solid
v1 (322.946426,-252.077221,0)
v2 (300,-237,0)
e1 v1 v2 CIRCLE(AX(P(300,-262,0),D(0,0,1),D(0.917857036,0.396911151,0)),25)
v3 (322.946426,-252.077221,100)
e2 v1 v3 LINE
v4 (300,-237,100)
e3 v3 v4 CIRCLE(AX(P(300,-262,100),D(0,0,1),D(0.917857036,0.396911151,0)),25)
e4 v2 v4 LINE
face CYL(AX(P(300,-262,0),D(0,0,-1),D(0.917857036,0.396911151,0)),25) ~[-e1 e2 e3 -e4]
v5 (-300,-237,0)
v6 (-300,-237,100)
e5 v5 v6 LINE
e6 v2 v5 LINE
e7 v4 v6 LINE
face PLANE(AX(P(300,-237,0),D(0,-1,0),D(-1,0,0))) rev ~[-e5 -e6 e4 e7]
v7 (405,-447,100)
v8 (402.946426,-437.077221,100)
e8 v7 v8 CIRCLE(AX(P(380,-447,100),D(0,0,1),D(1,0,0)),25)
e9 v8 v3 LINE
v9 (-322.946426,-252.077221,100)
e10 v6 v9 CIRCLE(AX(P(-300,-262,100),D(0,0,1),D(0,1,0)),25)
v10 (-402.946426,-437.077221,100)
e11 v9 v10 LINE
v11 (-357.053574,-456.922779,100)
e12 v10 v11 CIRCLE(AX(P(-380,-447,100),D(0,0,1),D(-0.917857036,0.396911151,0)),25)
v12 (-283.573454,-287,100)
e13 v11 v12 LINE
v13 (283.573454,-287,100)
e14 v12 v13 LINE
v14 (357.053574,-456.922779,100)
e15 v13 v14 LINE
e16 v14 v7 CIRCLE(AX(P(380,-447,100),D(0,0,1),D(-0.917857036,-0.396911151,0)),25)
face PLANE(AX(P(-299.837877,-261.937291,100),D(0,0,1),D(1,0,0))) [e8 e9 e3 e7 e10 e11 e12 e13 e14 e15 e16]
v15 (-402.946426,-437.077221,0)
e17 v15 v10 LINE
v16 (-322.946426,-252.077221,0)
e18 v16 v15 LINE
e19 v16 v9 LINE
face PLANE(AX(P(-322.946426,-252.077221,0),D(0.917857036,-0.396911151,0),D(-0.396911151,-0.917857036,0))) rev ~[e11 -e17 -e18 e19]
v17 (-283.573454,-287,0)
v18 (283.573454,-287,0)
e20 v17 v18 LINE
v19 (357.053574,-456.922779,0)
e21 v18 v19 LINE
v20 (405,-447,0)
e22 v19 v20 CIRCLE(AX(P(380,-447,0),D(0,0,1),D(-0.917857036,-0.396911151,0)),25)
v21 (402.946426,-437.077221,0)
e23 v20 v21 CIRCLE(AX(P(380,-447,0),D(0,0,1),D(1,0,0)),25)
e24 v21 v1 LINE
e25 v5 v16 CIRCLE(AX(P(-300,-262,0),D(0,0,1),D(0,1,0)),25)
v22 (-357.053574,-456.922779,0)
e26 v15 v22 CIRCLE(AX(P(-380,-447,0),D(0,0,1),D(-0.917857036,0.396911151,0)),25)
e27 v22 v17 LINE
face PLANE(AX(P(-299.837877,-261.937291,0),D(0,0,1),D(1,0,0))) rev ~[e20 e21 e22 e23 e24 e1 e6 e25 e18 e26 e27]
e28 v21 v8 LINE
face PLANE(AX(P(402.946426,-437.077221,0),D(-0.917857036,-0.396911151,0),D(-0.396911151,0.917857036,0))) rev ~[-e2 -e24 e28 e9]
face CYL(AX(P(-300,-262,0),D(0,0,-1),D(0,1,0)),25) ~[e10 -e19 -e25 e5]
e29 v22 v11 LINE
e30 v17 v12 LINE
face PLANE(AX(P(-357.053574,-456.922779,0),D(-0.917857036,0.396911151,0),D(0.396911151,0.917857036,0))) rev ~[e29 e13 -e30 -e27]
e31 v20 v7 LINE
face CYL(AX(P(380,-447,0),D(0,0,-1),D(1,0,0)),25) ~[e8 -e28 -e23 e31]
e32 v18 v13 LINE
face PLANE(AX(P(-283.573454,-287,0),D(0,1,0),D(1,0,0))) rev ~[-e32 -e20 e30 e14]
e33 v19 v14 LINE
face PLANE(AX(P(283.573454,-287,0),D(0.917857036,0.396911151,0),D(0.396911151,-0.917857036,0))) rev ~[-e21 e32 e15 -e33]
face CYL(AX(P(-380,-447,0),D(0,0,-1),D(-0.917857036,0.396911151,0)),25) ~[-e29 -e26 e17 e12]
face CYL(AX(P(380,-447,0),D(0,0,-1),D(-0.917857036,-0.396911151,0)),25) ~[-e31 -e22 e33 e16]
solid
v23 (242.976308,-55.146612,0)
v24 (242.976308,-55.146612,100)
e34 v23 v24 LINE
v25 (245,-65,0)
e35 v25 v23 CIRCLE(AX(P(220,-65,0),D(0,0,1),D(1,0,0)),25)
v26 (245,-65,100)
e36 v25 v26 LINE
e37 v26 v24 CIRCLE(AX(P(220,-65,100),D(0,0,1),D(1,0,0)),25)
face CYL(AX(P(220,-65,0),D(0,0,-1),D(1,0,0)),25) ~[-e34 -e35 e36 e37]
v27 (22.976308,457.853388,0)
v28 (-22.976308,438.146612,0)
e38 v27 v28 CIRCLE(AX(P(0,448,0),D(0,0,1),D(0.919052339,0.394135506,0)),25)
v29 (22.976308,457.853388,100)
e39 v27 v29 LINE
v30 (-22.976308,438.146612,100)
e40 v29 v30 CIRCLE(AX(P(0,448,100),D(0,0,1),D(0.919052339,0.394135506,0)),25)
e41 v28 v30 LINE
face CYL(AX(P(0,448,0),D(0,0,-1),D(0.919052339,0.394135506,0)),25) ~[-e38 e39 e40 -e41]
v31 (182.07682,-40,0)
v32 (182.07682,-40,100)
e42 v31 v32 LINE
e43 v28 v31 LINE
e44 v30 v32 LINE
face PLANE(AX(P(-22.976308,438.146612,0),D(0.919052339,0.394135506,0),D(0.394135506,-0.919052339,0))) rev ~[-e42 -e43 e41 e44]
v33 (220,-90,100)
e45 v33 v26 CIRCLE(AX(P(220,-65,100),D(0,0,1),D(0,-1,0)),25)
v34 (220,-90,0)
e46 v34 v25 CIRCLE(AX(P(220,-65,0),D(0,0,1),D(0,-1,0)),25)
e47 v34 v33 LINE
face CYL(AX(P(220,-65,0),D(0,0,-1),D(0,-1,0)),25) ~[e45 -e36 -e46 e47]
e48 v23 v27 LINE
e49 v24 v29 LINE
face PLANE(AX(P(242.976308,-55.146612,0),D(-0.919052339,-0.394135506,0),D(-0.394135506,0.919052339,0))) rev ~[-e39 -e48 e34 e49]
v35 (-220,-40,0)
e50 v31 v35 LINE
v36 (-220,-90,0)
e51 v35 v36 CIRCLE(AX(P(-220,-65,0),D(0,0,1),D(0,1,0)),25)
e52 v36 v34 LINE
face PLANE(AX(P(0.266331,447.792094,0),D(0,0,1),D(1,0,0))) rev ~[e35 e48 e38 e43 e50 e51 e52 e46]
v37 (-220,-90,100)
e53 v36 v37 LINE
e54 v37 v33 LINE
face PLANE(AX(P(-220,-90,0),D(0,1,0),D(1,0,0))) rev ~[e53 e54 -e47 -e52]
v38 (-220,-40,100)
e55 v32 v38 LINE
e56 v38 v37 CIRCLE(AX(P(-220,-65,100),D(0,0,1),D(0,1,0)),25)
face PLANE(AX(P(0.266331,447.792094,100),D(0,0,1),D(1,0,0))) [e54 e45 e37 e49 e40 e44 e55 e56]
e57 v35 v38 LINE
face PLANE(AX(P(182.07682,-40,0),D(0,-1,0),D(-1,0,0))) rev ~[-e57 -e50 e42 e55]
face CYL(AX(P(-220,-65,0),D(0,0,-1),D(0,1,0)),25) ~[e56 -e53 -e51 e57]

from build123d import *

# Parameters (mm, degrees)
F1_DEPTH = 100


with BuildPart() as f1:
    # F0 (on Top) → F1 (new body)
    with BuildSketch(Plane.XY):
        with BuildLine():
            ThreePointArc((-22.9763084875, 438.1466123446), (5.0295272051, 423.5111483304), (25, 448))
            ThreePointArc((25, 448), (24.4888516696, 453.0295272051), (22.9763084875, 457.8533876554))
            ThreePointArc((22.9763084875, 457.8533876554), (-9.8533876554, 470.9763084875), (-22.9763084875, 438.1466123446))
        make_face()
        with BuildLine():
            ThreePointArc((22.9763084875, 457.8533876554), (24.4888516696, 453.0295272051), (25, 448))
            ThreePointArc((25, 448), (5.0295272051, 423.5111483304), (-22.9763084875, 438.1466123446))
            Line((-22.9763084875, 438.1466123446), (182.0768196135, -40))
            Line((182.0768196135, -40), (220, -40))
            ThreePointArc((220, -40), (233.7598202861, -44.1273541281), (242.9763084875, -55.1466123446))
            Line((242.9763084875, -55.1466123446), (22.9763084875, 457.8533876554))
        make_face()
        with BuildLine():
            ThreePointArc((245, -65), (244.4888516696, -59.9704727949), (242.9763084875, -55.1466123446))
            ThreePointArc((242.9763084875, -55.1466123446), (233.7598202861, -44.1273541281), (220, -40))
            ThreePointArc((220, -40), (199.1273541281, -51.2401797139), (197.0236915125, -74.8533876554))
            ThreePointArc((197.0236915125, -74.8533876554), (206.2401797139, -85.8726458719), (220, -90))
            ThreePointArc((220, -90), (237.6776695297, -82.6776695297), (245, -65))
        make_face()
        with BuildLine():
            Line((220, -40), (182.0768196135, -40))
            Line((182.0768196135, -40), (197.0236915125, -74.8533876554))
            ThreePointArc((197.0236915125, -74.8533876554), (199.1273541281, -51.2401797139), (220, -40))
        make_face()
        with BuildLine():
            Line((197.0236915125, -74.8533876554), (182.0768196135, -40))
            Line((182.0768196135, -40), (-220, -40))
            ThreePointArc((-220, -40), (-202.3223304703, -47.3223304703), (-195, -65))
            ThreePointArc((-195, -65), (-202.3223304703, -82.6776695297), (-220, -90))
            Line((-220, -90), (220, -90))
            ThreePointArc((220, -90), (206.2401797139, -85.8726458719), (197.0236915125, -74.8533876554))
        make_face()
        with BuildLine():
            ThreePointArc((-195, -65), (-202.3223304703, -47.3223304703), (-220, -40))
            ThreePointArc((-220, -40), (-245, -65), (-220, -90))
            ThreePointArc((-220, -90), (-202.3223304703, -82.6776695297), (-195, -65))
        make_face()
    extrude(amount=F1_DEPTH)


with BuildPart() as f1b:
    # F0 (on Top) → F1, piece 2 (new body)
    with BuildSketch(Plane.XY):
        with BuildLine():
            ThreePointArc((-277.053574101, -271.9227787671), (-275.518776098, -267.0665250678), (-275, -262))
            ThreePointArc((-275, -262), (-282.3223304703, -244.3223304703), (-300, -237))
            ThreePointArc((-300, -237), (-313.7282652003, -241.1065863347), (-322.946425899, -252.0772212329))
            ThreePointArc((-322.946425899, -252.0772212329), (-320.8934136653, -275.7282652003), (-300, -287))
            ThreePointArc((-300, -287), (-286.2717347997, -282.8934136653), (-277.053574101, -271.9227787671))
        make_face()
        with BuildLine():
            ThreePointArc((-300, -237), (-282.3223304703, -244.3223304703), (-275, -262))
            ThreePointArc((-275, -262), (-275.518776098, -267.0665250678), (-277.053574101, -271.9227787671))
            Line((-277.053574101, -271.9227787671), (-283.573453553, -287))
            Line((-283.573453553, -287), (283.573453553, -287))
            Line((283.573453553, -287), (277.053574101, -271.9227787671))
            ThreePointArc((277.053574101, -271.9227787671), (279.1065863347, -248.2717347997), (300, -237))
            Line((300, -237), (-300, -237))
        make_face()
        with BuildLine():
            Line((-283.573453553, -287), (-277.053574101, -271.9227787671))
            ThreePointArc((-277.053574101, -271.9227787671), (-286.2717347997, -282.8934136653), (-300, -287))
            Line((-300, -287), (-283.573453553, -287))
        make_face()
        with BuildLine():
            ThreePointArc((-300, -287), (-320.8934136653, -275.7282652003), (-322.946425899, -252.0772212329))
            Line((-322.946425899, -252.0772212329), (-402.946425899, -437.0772212329))
            ThreePointArc((-402.946425899, -437.0772212329), (-374.9334749322, -422.518776098), (-355, -447))
            ThreePointArc((-355, -447), (-355.518776098, -452.0665250678), (-357.053574101, -456.9227787671))
            Line((-357.053574101, -456.9227787671), (-283.573453553, -287))
            Line((-283.573453553, -287), (-300, -287))
        make_face()
        with BuildLine():
            ThreePointArc((322.946425899, -252.0772212329), (313.7282652003, -241.1065863347), (300, -237))
            ThreePointArc((300, -237), (279.1065863347, -248.2717347997), (277.053574101, -271.9227787671))
            ThreePointArc((277.053574101, -271.9227787671), (286.2717347997, -282.8934136653), (300, -287))
            ThreePointArc((300, -287), (317.6776695297, -279.6776695297), (325, -262))
            ThreePointArc((325, -262), (324.481223902, -256.9334749322), (322.946425899, -252.0772212329))
        make_face()
        with BuildLine():
            ThreePointArc((-355, -447), (-374.9334749322, -422.518776098), (-402.946425899, -437.0772212329))
            ThreePointArc((-402.946425899, -437.0772212329), (-389.9227787671, -469.946425899), (-357.053574101, -456.9227787671))
            ThreePointArc((-357.053574101, -456.9227787671), (-355.518776098, -452.0665250678), (-355, -447))
        make_face()
        with BuildLine():
            Line((402.946425899, -437.0772212329), (322.946425899, -252.0772212329))
            ThreePointArc((322.946425899, -252.0772212329), (324.481223902, -256.9334749322), (325, -262))
            ThreePointArc((325, -262), (317.6776695297, -279.6776695297), (300, -287))
            Line((300, -287), (283.573453553, -287))
            Line((283.573453553, -287), (357.053574101, -456.9227787671))
            ThreePointArc((357.053574101, -456.9227787671), (370.0772212329, -424.053574101), (402.946425899, -437.0772212329))
        make_face()
        with BuildLine():
            ThreePointArc((300, -287), (286.2717347997, -282.8934136653), (277.053574101, -271.9227787671))
            Line((277.053574101, -271.9227787671), (283.573453553, -287))
            Line((283.573453553, -287), (300, -287))
        make_face()
        with BuildLine():
            ThreePointArc((405, -447), (404.481223902, -441.9334749322), (402.946425899, -437.0772212329))
            ThreePointArc((402.946425899, -437.0772212329), (370.0772212329, -424.053574101), (357.053574101, -456.9227787671))
            ThreePointArc((357.053574101, -456.9227787671), (385.0665250678, -471.481223902), (405, -447))
        make_face()
    extrude(amount=F1_DEPTH)


solid = Compound([f1.part, f1b.part])
